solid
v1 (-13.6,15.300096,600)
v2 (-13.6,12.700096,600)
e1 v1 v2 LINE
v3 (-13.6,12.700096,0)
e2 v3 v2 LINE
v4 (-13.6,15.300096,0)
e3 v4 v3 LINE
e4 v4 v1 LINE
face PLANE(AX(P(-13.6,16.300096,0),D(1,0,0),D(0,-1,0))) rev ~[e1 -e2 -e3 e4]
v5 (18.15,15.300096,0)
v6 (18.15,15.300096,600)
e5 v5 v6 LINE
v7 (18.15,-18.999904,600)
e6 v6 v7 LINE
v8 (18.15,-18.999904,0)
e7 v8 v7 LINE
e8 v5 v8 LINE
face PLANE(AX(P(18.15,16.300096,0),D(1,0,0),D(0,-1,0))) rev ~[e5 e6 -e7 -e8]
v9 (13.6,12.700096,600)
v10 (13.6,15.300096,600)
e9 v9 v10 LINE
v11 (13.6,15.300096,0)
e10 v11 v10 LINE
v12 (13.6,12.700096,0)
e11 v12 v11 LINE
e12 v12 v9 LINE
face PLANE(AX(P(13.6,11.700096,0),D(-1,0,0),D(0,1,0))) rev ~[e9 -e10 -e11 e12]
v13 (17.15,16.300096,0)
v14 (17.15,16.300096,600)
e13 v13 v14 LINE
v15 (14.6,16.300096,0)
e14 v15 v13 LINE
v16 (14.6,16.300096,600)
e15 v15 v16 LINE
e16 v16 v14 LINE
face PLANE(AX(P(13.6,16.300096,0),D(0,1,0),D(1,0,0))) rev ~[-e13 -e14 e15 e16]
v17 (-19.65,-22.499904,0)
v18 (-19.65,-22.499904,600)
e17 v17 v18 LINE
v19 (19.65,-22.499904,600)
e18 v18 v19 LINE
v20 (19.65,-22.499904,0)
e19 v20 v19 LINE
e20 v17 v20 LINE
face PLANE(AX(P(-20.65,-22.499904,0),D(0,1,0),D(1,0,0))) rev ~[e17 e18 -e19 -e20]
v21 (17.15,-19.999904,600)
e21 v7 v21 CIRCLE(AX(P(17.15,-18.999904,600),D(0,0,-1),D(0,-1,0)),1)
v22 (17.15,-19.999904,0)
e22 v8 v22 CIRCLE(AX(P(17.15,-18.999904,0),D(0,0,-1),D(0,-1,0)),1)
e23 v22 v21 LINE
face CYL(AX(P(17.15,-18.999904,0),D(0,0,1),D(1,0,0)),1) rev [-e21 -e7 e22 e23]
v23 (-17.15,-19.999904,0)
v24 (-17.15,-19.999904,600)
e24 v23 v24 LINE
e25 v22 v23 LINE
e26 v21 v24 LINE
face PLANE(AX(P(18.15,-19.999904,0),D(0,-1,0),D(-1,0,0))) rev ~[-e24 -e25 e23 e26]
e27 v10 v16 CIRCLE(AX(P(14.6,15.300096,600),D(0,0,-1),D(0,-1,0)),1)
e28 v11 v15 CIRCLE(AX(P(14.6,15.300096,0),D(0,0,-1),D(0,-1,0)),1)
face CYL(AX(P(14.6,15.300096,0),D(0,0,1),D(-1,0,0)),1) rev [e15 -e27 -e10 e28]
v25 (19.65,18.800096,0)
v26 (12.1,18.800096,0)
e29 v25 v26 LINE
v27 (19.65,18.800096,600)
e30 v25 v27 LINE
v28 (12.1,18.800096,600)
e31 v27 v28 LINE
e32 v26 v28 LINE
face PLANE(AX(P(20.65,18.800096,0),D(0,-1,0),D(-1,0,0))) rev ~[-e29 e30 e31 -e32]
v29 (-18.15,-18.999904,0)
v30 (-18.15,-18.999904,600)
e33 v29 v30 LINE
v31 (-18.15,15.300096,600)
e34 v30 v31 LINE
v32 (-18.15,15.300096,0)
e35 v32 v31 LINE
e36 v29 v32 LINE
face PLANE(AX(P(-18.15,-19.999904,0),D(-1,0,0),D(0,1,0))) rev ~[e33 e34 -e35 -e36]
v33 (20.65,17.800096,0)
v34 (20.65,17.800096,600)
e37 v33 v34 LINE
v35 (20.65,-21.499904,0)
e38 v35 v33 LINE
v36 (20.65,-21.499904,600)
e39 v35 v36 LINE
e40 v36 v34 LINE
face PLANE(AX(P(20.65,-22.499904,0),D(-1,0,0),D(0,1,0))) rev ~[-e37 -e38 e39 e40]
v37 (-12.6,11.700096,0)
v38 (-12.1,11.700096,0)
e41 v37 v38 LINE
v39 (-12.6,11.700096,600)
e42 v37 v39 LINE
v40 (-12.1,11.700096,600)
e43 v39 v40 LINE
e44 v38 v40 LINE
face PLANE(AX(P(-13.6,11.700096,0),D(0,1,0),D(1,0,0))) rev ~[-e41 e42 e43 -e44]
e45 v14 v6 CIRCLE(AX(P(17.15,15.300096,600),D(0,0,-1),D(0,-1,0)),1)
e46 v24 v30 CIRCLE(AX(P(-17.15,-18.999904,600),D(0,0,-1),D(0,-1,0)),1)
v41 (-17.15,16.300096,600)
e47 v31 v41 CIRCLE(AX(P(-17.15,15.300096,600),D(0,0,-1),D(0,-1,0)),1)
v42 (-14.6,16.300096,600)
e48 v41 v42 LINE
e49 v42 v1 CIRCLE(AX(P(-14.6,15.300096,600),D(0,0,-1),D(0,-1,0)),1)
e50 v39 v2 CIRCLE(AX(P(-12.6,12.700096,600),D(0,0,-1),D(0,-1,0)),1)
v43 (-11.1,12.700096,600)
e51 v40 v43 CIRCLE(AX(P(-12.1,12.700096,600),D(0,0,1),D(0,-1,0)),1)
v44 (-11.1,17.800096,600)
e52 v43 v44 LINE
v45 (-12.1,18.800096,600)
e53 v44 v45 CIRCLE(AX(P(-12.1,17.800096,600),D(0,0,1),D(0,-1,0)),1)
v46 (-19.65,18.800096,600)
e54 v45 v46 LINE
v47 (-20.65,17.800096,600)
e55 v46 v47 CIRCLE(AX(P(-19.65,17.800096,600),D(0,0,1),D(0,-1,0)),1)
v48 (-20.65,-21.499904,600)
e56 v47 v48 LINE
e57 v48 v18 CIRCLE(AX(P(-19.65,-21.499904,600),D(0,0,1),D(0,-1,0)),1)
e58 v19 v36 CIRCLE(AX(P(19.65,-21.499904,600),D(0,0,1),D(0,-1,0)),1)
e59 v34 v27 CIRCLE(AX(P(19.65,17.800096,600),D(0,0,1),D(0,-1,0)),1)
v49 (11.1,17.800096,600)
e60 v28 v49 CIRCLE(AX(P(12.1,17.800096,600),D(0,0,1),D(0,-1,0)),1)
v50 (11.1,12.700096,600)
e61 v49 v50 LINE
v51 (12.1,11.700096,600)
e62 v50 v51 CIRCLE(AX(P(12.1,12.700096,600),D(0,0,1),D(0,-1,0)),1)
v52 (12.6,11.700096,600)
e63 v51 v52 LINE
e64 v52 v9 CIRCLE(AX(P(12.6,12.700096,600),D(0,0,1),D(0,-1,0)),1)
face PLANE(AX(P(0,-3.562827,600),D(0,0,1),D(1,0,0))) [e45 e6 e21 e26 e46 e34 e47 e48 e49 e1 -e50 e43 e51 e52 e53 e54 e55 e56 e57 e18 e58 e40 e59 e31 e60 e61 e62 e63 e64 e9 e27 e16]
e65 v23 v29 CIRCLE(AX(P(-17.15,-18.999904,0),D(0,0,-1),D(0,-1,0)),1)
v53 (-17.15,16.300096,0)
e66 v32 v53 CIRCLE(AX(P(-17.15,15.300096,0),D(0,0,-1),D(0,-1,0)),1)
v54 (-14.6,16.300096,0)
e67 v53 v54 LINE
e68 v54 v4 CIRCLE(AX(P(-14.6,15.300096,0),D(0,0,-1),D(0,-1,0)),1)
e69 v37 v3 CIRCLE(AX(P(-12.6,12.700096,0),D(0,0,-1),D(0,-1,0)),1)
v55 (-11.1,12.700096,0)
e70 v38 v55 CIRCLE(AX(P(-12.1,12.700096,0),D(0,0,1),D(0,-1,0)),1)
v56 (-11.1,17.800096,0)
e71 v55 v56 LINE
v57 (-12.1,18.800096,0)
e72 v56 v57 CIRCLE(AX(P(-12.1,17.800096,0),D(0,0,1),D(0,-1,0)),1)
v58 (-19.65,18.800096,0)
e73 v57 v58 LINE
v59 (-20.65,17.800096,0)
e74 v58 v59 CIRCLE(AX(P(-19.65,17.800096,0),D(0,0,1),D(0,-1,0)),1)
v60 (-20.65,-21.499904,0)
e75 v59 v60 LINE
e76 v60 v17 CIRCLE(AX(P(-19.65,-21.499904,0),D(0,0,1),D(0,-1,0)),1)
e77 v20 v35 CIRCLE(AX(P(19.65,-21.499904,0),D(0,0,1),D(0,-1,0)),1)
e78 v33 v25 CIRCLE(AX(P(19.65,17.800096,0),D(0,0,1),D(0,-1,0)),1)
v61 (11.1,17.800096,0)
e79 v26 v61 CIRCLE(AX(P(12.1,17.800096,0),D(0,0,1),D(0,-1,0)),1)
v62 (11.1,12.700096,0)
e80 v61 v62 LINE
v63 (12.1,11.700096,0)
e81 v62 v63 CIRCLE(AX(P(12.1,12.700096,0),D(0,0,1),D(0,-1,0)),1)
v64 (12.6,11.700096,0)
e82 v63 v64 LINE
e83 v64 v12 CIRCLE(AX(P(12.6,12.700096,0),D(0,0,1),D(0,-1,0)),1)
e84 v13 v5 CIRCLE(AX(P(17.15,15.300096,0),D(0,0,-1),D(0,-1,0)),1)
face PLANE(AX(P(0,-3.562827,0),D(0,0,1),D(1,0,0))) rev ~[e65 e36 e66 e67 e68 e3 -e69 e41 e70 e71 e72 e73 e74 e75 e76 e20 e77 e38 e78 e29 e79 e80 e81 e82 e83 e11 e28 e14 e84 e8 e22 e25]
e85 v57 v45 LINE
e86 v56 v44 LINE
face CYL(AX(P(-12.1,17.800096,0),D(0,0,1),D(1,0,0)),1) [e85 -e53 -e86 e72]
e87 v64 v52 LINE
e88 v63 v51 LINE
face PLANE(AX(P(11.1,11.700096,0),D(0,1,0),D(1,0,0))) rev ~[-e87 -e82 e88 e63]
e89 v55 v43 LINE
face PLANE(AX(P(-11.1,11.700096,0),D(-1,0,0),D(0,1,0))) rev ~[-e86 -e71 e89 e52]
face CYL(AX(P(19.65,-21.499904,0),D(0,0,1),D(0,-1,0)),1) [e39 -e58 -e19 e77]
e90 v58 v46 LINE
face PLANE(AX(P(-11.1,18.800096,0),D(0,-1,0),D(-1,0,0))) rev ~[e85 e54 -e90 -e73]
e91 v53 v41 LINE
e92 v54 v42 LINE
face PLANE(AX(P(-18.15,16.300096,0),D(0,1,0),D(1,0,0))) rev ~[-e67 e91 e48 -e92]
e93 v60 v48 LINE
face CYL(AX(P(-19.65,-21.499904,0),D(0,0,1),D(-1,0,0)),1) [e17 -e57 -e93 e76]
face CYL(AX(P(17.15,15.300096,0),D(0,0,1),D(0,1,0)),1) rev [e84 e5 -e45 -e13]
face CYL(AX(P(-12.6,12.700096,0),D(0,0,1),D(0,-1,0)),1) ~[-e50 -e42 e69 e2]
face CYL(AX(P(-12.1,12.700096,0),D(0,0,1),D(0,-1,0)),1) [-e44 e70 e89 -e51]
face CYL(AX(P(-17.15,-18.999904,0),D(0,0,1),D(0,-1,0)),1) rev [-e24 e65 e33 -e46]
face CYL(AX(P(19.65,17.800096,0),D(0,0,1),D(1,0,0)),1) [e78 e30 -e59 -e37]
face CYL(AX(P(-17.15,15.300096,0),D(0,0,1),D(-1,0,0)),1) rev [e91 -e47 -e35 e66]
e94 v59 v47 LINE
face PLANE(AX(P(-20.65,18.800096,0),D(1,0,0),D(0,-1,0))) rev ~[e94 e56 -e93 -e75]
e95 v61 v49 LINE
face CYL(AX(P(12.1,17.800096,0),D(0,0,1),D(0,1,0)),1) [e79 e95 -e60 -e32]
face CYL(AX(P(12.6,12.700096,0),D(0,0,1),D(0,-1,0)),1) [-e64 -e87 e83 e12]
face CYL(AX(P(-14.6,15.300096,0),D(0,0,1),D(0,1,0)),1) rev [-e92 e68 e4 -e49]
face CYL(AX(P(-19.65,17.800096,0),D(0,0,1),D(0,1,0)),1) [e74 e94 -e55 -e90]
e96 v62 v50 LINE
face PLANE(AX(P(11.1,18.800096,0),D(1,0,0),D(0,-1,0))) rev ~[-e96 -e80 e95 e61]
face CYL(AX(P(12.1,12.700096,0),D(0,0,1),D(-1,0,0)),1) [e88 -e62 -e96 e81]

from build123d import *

# Parameters (mm, degrees)
F1_DEPTH = 600
F2_R     = 1


with BuildPart() as f1:
    # F0 (on Top) → F1 (new body)
    with BuildSketch(Plane.XY):
        Polygon((-13.6, 11.700096), (-11.1, 11.700096), (-11.1, 18.800096), (-20.65, 18.800096), (-20.65, -22.499904), (20.65, -22.499904), (20.65, 18.800096), (11.1, 18.800096), (11.1, 11.700096), (13.6, 11.700096), (13.6, 16.300096), (18.15, 16.300096), (18.15, -19.999904), (-18.15, -19.999904), (-18.15, 16.300096), (-13.6, 16.300096), align=None)
    extrude(amount=F1_DEPTH)

    # F2
    f2_edges = [f1.edges().sort_by_distance(p)[0] for p in [
        (-20.65, 18.800096, 300),
        (11.1, 18.800096, 300),
        (20.65, 18.800096, 300),
        (-11.1, 18.800096, 300),
        (-20.65, -22.499904, 300),
        (18.15, -19.999904, 300),
        (-18.15, 16.300096, 300),
        (-11.1, 11.700096, 300),
        (-13.6, 16.300096, 300),
        (-13.6, 11.700096, 300),
        (-18.15, -19.999904, 300),
        (20.65, -22.499904, 300),
        (13.6, 11.700096, 300),
        (11.1, 11.700096, 300),
        (13.6, 16.300096, 300),
        (18.15, 16.300096, 300),
    ]]
    fillet(f2_edges, radius=F2_R)


solid = f1.part
